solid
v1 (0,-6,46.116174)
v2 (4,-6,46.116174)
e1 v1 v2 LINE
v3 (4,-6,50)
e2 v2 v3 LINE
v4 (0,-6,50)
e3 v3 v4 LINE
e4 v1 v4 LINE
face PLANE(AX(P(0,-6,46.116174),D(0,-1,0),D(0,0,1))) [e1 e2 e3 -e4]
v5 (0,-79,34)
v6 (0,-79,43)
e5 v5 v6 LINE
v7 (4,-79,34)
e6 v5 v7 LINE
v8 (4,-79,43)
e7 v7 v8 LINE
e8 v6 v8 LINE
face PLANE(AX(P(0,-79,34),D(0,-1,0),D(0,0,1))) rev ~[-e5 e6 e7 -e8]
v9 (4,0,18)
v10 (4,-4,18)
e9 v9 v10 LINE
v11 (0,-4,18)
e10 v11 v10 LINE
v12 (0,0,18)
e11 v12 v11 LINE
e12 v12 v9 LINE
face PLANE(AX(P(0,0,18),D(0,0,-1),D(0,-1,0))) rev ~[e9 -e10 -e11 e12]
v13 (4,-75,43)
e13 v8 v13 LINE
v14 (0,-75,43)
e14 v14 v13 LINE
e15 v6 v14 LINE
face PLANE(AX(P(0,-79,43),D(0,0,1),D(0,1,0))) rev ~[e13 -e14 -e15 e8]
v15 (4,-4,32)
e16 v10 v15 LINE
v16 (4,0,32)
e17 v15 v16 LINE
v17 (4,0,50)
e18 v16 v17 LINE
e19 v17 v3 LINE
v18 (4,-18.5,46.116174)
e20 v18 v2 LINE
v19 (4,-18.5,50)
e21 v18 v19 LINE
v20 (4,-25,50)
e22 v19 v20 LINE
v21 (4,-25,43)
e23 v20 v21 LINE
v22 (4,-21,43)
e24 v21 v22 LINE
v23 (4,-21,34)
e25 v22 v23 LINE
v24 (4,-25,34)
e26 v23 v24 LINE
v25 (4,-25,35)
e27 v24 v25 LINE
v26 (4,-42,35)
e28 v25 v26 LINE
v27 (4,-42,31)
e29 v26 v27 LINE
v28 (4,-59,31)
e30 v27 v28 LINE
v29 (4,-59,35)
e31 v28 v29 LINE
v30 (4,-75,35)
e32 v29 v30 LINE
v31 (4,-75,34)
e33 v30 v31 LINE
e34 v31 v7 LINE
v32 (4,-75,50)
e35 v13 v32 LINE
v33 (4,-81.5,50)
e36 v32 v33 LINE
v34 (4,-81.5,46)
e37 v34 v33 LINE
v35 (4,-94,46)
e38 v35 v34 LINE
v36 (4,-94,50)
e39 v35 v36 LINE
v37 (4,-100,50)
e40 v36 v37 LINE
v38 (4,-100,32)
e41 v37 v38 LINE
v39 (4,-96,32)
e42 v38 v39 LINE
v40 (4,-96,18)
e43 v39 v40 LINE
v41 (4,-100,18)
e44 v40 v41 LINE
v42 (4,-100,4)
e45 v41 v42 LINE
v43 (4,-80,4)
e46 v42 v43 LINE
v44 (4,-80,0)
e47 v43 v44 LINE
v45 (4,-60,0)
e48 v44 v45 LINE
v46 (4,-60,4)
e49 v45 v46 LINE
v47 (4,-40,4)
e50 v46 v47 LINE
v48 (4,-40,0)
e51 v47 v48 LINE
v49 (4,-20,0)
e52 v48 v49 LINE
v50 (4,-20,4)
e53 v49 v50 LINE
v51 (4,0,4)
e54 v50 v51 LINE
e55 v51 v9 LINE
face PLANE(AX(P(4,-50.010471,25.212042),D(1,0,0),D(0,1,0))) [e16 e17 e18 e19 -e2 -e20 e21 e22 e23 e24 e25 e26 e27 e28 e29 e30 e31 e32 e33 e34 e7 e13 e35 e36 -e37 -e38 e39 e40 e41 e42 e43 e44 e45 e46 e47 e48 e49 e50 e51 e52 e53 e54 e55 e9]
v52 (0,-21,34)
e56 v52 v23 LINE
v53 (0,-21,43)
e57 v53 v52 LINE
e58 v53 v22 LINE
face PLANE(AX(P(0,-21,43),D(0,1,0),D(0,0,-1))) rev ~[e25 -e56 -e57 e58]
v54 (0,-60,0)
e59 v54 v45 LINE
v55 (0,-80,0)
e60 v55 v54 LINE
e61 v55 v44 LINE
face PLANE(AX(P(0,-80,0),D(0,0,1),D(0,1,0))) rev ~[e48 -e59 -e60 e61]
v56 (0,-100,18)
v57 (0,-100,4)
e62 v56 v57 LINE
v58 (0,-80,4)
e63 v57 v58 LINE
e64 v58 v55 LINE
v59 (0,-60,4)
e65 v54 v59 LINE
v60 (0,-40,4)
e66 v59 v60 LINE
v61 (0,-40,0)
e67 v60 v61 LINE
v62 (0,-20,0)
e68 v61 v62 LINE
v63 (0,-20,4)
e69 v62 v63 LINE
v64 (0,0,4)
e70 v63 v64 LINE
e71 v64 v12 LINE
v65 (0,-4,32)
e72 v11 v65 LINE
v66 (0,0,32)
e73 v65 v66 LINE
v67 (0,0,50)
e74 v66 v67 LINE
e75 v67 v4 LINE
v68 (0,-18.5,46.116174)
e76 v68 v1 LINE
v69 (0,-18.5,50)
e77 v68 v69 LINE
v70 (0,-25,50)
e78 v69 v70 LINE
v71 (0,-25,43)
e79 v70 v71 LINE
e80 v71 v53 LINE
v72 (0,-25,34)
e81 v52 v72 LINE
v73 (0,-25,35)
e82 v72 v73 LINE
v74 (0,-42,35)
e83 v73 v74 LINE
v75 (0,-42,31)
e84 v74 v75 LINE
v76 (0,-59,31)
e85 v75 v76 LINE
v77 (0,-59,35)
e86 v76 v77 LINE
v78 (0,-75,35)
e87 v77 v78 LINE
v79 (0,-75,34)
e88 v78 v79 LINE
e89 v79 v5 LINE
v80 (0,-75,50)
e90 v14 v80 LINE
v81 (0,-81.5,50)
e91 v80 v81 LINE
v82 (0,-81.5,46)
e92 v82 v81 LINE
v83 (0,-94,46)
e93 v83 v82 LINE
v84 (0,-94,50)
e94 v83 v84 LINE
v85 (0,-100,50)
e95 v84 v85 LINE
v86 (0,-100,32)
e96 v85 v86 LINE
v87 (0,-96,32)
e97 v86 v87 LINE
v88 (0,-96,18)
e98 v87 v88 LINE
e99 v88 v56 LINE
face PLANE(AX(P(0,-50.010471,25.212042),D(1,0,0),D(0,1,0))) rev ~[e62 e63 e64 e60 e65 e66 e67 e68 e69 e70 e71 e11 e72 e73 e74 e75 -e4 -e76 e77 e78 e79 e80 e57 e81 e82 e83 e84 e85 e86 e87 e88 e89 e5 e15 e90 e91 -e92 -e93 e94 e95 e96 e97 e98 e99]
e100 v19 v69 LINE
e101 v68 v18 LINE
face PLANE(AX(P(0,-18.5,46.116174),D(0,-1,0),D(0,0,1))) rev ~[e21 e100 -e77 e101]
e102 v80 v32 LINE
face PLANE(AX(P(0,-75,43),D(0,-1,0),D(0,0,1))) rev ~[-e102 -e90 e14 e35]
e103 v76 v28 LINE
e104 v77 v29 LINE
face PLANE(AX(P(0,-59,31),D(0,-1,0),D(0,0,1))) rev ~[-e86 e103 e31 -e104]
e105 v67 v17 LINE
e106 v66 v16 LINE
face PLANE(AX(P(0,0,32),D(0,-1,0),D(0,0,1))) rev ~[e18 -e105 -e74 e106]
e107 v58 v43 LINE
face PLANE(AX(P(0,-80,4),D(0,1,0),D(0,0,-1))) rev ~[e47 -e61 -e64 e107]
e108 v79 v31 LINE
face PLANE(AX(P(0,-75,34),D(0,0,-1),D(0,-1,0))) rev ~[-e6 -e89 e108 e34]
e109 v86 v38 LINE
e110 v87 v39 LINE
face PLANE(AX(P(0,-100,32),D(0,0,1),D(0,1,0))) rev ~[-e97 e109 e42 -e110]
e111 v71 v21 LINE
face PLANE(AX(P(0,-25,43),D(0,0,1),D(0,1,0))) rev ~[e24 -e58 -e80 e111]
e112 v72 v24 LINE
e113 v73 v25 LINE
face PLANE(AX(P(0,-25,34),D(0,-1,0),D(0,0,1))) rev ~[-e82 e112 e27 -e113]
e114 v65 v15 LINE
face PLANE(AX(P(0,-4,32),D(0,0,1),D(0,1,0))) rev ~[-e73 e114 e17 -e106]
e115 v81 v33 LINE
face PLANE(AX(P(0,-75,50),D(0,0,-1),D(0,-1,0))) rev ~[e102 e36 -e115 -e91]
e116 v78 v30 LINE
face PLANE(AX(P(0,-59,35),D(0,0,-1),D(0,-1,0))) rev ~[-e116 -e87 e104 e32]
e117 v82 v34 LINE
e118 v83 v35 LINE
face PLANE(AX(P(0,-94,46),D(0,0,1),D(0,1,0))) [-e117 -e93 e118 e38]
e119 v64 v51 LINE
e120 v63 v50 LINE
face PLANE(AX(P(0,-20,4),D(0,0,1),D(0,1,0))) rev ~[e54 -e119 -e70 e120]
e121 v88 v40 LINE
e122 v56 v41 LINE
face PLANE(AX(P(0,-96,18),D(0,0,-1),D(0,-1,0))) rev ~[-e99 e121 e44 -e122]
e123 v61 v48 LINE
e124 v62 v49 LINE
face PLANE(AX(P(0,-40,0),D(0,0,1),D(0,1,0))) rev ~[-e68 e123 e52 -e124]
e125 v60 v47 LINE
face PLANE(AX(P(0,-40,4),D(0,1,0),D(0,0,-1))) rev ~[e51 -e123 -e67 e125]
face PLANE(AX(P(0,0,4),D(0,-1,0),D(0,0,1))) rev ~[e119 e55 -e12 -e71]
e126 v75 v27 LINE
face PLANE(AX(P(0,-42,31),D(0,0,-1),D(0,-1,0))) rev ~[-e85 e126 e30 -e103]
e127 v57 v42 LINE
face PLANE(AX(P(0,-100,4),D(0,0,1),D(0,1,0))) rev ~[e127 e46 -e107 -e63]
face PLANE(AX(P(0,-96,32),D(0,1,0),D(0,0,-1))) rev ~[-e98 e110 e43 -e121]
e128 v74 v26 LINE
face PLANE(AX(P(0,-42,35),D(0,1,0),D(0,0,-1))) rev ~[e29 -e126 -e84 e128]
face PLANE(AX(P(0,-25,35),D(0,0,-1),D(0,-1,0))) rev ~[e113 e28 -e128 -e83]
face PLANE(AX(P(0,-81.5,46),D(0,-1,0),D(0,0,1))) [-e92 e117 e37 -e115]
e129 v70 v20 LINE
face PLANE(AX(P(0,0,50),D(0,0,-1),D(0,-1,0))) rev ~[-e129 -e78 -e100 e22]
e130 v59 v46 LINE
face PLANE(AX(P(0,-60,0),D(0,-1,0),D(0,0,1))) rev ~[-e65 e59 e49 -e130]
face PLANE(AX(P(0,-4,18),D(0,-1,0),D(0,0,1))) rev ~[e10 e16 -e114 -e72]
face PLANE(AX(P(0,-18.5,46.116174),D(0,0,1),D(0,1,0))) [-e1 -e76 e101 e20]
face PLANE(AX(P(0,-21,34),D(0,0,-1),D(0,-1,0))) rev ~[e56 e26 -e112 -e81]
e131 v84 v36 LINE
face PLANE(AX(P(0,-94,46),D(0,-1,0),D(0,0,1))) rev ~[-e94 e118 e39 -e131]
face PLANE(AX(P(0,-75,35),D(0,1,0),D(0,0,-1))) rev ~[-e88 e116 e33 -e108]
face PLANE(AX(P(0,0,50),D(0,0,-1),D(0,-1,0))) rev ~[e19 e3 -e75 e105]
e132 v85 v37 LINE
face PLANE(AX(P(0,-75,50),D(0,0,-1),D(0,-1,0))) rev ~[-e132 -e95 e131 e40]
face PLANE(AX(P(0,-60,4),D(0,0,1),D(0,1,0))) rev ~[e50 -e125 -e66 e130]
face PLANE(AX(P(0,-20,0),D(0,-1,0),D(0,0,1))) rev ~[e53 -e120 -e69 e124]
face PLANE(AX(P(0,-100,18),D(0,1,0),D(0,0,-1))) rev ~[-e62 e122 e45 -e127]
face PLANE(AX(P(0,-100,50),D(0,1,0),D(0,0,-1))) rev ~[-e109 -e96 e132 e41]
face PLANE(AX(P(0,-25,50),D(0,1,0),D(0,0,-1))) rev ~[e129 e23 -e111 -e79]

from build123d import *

# Parameters (mm, degrees)
F1_DEPTH = 4
F2_W     = 12.5
F2_H     = 4
F3_DEPTH = 4


with BuildPart() as f1:
    # F0 (on Right) → F1 (new body)
    with BuildSketch(Plane.YZ):
        Polygon((-40, 0), (-20, 0), (-20, 4), (0, 4), (0, 18), (-4, 18), (-4, 32), (0, 32), (0, 50), (-25, 50), (-25, 43), (-21, 43), (-21, 34), (-25, 34), (-25, 35), (-42, 35), (-42, 31), (-59, 31), (-59, 35), (-75, 35), (-75, 34), (-79, 34), (-79, 43), (-75, 43), (-75, 50), (-100, 50), (-100, 32), (-96, 32), (-96, 18), (-100, 18), (-100, 4), (-80, 4), (-80, 0), (-60, 0), (-60, 4), (-40, 4), align=None)
    extrude(amount=F1_DEPTH)

    # F2 (on Right) → F3 (cut)
    with BuildSketch(Plane.YZ):
        with Locations((-87.75, 48)):
            Rectangle(F2_W, F2_H)
        with Locations((-12.25, 48.1161735952)):
            Rectangle(F2_W, F2_H)
    extrude(amount=F3_DEPTH, mode=Mode.SUBTRACT)


solid = f1.part
